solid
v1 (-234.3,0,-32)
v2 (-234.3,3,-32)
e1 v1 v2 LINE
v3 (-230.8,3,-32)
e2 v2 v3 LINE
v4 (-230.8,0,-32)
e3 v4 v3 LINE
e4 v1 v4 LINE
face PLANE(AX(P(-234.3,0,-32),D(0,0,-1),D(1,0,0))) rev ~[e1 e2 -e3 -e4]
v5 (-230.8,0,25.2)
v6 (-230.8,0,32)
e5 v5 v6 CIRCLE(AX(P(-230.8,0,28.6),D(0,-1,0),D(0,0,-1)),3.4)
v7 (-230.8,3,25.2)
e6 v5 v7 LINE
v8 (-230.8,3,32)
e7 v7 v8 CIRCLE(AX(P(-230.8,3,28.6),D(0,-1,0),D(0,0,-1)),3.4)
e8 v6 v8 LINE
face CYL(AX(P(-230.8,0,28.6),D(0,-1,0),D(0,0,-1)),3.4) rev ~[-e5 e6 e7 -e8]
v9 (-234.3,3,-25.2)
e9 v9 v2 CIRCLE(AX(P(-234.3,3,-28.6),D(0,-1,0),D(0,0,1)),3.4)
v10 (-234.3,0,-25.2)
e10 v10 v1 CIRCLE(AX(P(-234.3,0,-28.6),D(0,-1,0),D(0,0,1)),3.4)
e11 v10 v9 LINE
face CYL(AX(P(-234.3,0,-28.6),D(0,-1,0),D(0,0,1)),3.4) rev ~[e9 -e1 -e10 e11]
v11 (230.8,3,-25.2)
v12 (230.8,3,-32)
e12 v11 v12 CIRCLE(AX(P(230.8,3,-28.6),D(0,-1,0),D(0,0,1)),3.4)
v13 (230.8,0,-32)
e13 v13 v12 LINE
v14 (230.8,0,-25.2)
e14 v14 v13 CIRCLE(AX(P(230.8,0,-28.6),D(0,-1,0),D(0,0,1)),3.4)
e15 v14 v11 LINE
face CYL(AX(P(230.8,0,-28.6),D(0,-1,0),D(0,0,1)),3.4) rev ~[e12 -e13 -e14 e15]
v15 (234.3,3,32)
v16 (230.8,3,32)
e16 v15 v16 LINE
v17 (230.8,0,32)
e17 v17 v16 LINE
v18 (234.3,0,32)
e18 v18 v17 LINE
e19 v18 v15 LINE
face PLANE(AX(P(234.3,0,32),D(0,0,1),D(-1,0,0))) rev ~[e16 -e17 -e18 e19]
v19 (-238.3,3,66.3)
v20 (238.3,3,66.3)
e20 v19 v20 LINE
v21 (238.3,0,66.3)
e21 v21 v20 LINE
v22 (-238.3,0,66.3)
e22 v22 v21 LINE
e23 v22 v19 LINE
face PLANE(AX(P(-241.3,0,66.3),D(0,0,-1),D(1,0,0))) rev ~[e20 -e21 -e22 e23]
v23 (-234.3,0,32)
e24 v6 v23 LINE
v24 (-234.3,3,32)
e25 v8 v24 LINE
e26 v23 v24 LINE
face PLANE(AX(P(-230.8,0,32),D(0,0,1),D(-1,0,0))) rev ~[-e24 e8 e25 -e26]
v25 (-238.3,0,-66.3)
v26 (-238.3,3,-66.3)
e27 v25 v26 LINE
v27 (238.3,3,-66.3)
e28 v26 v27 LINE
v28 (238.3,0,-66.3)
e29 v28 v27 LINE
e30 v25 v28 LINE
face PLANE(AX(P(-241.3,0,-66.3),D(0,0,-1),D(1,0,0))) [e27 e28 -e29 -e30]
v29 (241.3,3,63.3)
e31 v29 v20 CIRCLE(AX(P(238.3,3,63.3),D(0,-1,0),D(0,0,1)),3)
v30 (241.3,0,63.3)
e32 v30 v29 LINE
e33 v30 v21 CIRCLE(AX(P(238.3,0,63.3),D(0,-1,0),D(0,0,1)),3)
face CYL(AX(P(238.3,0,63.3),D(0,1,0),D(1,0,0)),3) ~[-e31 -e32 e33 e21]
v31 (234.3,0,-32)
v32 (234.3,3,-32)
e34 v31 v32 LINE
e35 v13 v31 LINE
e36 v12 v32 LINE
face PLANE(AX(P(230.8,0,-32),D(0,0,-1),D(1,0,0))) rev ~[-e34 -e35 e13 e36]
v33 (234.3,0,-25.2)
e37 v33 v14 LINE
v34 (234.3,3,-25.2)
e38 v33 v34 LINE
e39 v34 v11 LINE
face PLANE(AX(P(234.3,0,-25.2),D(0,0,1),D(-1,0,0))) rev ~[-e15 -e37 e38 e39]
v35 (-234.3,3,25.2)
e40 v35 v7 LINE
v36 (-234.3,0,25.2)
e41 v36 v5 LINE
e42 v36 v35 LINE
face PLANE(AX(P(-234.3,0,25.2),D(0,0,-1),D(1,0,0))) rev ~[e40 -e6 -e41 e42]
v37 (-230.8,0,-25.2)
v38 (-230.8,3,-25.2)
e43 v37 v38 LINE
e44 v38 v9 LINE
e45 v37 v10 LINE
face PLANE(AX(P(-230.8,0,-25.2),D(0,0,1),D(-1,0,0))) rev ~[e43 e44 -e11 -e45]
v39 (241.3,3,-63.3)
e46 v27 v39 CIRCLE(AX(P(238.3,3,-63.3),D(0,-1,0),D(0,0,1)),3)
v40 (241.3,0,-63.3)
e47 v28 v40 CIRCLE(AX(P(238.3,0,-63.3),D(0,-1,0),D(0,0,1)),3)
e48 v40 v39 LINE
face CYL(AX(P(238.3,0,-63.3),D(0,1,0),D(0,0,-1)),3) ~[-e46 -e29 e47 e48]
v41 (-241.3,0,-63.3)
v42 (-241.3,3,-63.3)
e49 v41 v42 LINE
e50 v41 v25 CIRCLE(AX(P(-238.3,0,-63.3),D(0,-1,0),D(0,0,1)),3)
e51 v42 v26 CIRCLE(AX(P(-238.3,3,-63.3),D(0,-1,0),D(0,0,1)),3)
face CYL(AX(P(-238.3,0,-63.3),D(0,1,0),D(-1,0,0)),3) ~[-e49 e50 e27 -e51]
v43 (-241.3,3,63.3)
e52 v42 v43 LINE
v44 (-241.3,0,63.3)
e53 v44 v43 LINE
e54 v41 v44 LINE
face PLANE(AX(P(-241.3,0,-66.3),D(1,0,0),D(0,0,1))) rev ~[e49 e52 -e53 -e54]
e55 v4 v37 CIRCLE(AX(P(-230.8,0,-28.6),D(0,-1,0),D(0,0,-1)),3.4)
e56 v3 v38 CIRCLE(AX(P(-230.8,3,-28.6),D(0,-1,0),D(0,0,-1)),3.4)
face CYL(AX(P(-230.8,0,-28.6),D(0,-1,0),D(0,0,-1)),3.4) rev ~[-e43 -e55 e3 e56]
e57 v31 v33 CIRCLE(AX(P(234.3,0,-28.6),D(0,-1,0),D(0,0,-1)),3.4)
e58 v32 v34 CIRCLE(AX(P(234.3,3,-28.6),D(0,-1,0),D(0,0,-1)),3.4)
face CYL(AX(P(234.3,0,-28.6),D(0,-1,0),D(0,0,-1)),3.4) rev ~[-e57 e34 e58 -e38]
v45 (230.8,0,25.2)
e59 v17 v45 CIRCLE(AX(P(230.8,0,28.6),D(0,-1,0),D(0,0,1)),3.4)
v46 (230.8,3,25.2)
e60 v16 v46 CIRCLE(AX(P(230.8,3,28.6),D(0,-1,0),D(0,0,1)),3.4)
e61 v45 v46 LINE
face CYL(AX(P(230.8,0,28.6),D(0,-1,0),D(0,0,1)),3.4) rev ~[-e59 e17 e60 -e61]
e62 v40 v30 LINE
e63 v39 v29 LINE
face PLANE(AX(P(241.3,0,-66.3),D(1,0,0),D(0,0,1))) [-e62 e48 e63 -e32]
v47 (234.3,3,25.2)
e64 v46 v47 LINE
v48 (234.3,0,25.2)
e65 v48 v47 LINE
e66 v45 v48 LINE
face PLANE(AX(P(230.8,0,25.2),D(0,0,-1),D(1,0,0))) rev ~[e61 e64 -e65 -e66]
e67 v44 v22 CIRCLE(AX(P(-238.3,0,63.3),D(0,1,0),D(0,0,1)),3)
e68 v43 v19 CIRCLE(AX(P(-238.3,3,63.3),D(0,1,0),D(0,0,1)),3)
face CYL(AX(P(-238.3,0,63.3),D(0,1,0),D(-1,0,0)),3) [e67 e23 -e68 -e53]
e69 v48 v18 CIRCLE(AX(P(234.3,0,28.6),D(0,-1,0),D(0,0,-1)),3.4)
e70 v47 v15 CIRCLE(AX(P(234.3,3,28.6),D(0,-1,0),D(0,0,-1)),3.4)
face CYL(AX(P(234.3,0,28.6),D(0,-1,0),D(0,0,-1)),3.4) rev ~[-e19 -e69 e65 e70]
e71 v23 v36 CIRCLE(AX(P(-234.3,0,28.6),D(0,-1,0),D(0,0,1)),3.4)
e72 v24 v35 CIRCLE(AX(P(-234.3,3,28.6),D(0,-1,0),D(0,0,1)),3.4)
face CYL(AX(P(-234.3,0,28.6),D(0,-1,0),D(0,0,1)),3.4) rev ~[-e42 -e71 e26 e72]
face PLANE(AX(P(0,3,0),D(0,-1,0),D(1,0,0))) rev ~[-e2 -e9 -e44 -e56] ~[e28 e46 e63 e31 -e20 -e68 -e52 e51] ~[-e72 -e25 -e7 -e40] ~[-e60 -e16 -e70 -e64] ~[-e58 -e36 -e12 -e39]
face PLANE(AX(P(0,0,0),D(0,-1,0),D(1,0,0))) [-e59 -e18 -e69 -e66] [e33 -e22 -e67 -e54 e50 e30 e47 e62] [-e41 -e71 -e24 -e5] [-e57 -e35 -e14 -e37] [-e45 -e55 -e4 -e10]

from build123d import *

# Parameters (mm, degrees)
F0_W     = 482.6
F0_H     = 132.6
F1_DEPTH = 3
F2_R     = 3
F4_DEPTH = 3


with BuildPart() as f1:
    # F0 (on Front) → F1 (new body)
    with BuildSketch(Plane.XZ):
        Rectangle(F0_W, F0_H)
    extrude(amount=-F1_DEPTH)

    # F2
    f2_edges = [f1.edges().sort_by_distance(p)[0] for p in [
        (-241.3, 1.5, 66.3),
        (241.3, 1.5, 66.3),
        (241.3, 1.5, -66.3),
        (-241.3, 1.5, -66.3),
    ]]
    fillet(f2_edges, radius=F2_R)

    # F3 (on Front) → F4 (cut, through all)
    with BuildSketch(Plane.XZ):
        with BuildLine():
            Line((-234.3, 25.2), (-230.8, 25.2))
            ThreePointArc((-230.8, 25.2), (-227.4, 28.6), (-230.8, 32))
            Line((-230.8, 32), (-234.3, 32))
            ThreePointArc((-234.3, 32), (-237.7, 28.6), (-234.3, 25.2))
        make_face()
        with BuildLine():
            ThreePointArc((230.8, 32), (227.4, 28.6), (230.8, 25.2))
            Line((230.8, 25.2), (234.3, 25.2))
            ThreePointArc((234.3, 25.2), (237.7, 28.6), (234.3, 32))
            Line((234.3, 32), (230.8, 32))
        make_face()
        with BuildLine():
            Line((230.8, -32), (234.3, -32))
            ThreePointArc((234.3, -32), (237.7, -28.6), (234.3, -25.2))
            Line((234.3, -25.2), (230.8, -25.2))
            ThreePointArc((230.8, -25.2), (227.4, -28.6), (230.8, -32))
        make_face()
        with BuildLine():
            ThreePointArc((-230.8, -32), (-227.4, -28.6), (-230.8, -25.2))
            Line((-230.8, -25.2), (-234.3, -25.2))
            ThreePointArc((-234.3, -25.2), (-237.7, -28.6), (-234.3, -32))
            Line((-234.3, -32), (-230.8, -32))
        make_face()
    extrude(amount=-F4_DEPTH, mode=Mode.SUBTRACT)


solid = f1.part
